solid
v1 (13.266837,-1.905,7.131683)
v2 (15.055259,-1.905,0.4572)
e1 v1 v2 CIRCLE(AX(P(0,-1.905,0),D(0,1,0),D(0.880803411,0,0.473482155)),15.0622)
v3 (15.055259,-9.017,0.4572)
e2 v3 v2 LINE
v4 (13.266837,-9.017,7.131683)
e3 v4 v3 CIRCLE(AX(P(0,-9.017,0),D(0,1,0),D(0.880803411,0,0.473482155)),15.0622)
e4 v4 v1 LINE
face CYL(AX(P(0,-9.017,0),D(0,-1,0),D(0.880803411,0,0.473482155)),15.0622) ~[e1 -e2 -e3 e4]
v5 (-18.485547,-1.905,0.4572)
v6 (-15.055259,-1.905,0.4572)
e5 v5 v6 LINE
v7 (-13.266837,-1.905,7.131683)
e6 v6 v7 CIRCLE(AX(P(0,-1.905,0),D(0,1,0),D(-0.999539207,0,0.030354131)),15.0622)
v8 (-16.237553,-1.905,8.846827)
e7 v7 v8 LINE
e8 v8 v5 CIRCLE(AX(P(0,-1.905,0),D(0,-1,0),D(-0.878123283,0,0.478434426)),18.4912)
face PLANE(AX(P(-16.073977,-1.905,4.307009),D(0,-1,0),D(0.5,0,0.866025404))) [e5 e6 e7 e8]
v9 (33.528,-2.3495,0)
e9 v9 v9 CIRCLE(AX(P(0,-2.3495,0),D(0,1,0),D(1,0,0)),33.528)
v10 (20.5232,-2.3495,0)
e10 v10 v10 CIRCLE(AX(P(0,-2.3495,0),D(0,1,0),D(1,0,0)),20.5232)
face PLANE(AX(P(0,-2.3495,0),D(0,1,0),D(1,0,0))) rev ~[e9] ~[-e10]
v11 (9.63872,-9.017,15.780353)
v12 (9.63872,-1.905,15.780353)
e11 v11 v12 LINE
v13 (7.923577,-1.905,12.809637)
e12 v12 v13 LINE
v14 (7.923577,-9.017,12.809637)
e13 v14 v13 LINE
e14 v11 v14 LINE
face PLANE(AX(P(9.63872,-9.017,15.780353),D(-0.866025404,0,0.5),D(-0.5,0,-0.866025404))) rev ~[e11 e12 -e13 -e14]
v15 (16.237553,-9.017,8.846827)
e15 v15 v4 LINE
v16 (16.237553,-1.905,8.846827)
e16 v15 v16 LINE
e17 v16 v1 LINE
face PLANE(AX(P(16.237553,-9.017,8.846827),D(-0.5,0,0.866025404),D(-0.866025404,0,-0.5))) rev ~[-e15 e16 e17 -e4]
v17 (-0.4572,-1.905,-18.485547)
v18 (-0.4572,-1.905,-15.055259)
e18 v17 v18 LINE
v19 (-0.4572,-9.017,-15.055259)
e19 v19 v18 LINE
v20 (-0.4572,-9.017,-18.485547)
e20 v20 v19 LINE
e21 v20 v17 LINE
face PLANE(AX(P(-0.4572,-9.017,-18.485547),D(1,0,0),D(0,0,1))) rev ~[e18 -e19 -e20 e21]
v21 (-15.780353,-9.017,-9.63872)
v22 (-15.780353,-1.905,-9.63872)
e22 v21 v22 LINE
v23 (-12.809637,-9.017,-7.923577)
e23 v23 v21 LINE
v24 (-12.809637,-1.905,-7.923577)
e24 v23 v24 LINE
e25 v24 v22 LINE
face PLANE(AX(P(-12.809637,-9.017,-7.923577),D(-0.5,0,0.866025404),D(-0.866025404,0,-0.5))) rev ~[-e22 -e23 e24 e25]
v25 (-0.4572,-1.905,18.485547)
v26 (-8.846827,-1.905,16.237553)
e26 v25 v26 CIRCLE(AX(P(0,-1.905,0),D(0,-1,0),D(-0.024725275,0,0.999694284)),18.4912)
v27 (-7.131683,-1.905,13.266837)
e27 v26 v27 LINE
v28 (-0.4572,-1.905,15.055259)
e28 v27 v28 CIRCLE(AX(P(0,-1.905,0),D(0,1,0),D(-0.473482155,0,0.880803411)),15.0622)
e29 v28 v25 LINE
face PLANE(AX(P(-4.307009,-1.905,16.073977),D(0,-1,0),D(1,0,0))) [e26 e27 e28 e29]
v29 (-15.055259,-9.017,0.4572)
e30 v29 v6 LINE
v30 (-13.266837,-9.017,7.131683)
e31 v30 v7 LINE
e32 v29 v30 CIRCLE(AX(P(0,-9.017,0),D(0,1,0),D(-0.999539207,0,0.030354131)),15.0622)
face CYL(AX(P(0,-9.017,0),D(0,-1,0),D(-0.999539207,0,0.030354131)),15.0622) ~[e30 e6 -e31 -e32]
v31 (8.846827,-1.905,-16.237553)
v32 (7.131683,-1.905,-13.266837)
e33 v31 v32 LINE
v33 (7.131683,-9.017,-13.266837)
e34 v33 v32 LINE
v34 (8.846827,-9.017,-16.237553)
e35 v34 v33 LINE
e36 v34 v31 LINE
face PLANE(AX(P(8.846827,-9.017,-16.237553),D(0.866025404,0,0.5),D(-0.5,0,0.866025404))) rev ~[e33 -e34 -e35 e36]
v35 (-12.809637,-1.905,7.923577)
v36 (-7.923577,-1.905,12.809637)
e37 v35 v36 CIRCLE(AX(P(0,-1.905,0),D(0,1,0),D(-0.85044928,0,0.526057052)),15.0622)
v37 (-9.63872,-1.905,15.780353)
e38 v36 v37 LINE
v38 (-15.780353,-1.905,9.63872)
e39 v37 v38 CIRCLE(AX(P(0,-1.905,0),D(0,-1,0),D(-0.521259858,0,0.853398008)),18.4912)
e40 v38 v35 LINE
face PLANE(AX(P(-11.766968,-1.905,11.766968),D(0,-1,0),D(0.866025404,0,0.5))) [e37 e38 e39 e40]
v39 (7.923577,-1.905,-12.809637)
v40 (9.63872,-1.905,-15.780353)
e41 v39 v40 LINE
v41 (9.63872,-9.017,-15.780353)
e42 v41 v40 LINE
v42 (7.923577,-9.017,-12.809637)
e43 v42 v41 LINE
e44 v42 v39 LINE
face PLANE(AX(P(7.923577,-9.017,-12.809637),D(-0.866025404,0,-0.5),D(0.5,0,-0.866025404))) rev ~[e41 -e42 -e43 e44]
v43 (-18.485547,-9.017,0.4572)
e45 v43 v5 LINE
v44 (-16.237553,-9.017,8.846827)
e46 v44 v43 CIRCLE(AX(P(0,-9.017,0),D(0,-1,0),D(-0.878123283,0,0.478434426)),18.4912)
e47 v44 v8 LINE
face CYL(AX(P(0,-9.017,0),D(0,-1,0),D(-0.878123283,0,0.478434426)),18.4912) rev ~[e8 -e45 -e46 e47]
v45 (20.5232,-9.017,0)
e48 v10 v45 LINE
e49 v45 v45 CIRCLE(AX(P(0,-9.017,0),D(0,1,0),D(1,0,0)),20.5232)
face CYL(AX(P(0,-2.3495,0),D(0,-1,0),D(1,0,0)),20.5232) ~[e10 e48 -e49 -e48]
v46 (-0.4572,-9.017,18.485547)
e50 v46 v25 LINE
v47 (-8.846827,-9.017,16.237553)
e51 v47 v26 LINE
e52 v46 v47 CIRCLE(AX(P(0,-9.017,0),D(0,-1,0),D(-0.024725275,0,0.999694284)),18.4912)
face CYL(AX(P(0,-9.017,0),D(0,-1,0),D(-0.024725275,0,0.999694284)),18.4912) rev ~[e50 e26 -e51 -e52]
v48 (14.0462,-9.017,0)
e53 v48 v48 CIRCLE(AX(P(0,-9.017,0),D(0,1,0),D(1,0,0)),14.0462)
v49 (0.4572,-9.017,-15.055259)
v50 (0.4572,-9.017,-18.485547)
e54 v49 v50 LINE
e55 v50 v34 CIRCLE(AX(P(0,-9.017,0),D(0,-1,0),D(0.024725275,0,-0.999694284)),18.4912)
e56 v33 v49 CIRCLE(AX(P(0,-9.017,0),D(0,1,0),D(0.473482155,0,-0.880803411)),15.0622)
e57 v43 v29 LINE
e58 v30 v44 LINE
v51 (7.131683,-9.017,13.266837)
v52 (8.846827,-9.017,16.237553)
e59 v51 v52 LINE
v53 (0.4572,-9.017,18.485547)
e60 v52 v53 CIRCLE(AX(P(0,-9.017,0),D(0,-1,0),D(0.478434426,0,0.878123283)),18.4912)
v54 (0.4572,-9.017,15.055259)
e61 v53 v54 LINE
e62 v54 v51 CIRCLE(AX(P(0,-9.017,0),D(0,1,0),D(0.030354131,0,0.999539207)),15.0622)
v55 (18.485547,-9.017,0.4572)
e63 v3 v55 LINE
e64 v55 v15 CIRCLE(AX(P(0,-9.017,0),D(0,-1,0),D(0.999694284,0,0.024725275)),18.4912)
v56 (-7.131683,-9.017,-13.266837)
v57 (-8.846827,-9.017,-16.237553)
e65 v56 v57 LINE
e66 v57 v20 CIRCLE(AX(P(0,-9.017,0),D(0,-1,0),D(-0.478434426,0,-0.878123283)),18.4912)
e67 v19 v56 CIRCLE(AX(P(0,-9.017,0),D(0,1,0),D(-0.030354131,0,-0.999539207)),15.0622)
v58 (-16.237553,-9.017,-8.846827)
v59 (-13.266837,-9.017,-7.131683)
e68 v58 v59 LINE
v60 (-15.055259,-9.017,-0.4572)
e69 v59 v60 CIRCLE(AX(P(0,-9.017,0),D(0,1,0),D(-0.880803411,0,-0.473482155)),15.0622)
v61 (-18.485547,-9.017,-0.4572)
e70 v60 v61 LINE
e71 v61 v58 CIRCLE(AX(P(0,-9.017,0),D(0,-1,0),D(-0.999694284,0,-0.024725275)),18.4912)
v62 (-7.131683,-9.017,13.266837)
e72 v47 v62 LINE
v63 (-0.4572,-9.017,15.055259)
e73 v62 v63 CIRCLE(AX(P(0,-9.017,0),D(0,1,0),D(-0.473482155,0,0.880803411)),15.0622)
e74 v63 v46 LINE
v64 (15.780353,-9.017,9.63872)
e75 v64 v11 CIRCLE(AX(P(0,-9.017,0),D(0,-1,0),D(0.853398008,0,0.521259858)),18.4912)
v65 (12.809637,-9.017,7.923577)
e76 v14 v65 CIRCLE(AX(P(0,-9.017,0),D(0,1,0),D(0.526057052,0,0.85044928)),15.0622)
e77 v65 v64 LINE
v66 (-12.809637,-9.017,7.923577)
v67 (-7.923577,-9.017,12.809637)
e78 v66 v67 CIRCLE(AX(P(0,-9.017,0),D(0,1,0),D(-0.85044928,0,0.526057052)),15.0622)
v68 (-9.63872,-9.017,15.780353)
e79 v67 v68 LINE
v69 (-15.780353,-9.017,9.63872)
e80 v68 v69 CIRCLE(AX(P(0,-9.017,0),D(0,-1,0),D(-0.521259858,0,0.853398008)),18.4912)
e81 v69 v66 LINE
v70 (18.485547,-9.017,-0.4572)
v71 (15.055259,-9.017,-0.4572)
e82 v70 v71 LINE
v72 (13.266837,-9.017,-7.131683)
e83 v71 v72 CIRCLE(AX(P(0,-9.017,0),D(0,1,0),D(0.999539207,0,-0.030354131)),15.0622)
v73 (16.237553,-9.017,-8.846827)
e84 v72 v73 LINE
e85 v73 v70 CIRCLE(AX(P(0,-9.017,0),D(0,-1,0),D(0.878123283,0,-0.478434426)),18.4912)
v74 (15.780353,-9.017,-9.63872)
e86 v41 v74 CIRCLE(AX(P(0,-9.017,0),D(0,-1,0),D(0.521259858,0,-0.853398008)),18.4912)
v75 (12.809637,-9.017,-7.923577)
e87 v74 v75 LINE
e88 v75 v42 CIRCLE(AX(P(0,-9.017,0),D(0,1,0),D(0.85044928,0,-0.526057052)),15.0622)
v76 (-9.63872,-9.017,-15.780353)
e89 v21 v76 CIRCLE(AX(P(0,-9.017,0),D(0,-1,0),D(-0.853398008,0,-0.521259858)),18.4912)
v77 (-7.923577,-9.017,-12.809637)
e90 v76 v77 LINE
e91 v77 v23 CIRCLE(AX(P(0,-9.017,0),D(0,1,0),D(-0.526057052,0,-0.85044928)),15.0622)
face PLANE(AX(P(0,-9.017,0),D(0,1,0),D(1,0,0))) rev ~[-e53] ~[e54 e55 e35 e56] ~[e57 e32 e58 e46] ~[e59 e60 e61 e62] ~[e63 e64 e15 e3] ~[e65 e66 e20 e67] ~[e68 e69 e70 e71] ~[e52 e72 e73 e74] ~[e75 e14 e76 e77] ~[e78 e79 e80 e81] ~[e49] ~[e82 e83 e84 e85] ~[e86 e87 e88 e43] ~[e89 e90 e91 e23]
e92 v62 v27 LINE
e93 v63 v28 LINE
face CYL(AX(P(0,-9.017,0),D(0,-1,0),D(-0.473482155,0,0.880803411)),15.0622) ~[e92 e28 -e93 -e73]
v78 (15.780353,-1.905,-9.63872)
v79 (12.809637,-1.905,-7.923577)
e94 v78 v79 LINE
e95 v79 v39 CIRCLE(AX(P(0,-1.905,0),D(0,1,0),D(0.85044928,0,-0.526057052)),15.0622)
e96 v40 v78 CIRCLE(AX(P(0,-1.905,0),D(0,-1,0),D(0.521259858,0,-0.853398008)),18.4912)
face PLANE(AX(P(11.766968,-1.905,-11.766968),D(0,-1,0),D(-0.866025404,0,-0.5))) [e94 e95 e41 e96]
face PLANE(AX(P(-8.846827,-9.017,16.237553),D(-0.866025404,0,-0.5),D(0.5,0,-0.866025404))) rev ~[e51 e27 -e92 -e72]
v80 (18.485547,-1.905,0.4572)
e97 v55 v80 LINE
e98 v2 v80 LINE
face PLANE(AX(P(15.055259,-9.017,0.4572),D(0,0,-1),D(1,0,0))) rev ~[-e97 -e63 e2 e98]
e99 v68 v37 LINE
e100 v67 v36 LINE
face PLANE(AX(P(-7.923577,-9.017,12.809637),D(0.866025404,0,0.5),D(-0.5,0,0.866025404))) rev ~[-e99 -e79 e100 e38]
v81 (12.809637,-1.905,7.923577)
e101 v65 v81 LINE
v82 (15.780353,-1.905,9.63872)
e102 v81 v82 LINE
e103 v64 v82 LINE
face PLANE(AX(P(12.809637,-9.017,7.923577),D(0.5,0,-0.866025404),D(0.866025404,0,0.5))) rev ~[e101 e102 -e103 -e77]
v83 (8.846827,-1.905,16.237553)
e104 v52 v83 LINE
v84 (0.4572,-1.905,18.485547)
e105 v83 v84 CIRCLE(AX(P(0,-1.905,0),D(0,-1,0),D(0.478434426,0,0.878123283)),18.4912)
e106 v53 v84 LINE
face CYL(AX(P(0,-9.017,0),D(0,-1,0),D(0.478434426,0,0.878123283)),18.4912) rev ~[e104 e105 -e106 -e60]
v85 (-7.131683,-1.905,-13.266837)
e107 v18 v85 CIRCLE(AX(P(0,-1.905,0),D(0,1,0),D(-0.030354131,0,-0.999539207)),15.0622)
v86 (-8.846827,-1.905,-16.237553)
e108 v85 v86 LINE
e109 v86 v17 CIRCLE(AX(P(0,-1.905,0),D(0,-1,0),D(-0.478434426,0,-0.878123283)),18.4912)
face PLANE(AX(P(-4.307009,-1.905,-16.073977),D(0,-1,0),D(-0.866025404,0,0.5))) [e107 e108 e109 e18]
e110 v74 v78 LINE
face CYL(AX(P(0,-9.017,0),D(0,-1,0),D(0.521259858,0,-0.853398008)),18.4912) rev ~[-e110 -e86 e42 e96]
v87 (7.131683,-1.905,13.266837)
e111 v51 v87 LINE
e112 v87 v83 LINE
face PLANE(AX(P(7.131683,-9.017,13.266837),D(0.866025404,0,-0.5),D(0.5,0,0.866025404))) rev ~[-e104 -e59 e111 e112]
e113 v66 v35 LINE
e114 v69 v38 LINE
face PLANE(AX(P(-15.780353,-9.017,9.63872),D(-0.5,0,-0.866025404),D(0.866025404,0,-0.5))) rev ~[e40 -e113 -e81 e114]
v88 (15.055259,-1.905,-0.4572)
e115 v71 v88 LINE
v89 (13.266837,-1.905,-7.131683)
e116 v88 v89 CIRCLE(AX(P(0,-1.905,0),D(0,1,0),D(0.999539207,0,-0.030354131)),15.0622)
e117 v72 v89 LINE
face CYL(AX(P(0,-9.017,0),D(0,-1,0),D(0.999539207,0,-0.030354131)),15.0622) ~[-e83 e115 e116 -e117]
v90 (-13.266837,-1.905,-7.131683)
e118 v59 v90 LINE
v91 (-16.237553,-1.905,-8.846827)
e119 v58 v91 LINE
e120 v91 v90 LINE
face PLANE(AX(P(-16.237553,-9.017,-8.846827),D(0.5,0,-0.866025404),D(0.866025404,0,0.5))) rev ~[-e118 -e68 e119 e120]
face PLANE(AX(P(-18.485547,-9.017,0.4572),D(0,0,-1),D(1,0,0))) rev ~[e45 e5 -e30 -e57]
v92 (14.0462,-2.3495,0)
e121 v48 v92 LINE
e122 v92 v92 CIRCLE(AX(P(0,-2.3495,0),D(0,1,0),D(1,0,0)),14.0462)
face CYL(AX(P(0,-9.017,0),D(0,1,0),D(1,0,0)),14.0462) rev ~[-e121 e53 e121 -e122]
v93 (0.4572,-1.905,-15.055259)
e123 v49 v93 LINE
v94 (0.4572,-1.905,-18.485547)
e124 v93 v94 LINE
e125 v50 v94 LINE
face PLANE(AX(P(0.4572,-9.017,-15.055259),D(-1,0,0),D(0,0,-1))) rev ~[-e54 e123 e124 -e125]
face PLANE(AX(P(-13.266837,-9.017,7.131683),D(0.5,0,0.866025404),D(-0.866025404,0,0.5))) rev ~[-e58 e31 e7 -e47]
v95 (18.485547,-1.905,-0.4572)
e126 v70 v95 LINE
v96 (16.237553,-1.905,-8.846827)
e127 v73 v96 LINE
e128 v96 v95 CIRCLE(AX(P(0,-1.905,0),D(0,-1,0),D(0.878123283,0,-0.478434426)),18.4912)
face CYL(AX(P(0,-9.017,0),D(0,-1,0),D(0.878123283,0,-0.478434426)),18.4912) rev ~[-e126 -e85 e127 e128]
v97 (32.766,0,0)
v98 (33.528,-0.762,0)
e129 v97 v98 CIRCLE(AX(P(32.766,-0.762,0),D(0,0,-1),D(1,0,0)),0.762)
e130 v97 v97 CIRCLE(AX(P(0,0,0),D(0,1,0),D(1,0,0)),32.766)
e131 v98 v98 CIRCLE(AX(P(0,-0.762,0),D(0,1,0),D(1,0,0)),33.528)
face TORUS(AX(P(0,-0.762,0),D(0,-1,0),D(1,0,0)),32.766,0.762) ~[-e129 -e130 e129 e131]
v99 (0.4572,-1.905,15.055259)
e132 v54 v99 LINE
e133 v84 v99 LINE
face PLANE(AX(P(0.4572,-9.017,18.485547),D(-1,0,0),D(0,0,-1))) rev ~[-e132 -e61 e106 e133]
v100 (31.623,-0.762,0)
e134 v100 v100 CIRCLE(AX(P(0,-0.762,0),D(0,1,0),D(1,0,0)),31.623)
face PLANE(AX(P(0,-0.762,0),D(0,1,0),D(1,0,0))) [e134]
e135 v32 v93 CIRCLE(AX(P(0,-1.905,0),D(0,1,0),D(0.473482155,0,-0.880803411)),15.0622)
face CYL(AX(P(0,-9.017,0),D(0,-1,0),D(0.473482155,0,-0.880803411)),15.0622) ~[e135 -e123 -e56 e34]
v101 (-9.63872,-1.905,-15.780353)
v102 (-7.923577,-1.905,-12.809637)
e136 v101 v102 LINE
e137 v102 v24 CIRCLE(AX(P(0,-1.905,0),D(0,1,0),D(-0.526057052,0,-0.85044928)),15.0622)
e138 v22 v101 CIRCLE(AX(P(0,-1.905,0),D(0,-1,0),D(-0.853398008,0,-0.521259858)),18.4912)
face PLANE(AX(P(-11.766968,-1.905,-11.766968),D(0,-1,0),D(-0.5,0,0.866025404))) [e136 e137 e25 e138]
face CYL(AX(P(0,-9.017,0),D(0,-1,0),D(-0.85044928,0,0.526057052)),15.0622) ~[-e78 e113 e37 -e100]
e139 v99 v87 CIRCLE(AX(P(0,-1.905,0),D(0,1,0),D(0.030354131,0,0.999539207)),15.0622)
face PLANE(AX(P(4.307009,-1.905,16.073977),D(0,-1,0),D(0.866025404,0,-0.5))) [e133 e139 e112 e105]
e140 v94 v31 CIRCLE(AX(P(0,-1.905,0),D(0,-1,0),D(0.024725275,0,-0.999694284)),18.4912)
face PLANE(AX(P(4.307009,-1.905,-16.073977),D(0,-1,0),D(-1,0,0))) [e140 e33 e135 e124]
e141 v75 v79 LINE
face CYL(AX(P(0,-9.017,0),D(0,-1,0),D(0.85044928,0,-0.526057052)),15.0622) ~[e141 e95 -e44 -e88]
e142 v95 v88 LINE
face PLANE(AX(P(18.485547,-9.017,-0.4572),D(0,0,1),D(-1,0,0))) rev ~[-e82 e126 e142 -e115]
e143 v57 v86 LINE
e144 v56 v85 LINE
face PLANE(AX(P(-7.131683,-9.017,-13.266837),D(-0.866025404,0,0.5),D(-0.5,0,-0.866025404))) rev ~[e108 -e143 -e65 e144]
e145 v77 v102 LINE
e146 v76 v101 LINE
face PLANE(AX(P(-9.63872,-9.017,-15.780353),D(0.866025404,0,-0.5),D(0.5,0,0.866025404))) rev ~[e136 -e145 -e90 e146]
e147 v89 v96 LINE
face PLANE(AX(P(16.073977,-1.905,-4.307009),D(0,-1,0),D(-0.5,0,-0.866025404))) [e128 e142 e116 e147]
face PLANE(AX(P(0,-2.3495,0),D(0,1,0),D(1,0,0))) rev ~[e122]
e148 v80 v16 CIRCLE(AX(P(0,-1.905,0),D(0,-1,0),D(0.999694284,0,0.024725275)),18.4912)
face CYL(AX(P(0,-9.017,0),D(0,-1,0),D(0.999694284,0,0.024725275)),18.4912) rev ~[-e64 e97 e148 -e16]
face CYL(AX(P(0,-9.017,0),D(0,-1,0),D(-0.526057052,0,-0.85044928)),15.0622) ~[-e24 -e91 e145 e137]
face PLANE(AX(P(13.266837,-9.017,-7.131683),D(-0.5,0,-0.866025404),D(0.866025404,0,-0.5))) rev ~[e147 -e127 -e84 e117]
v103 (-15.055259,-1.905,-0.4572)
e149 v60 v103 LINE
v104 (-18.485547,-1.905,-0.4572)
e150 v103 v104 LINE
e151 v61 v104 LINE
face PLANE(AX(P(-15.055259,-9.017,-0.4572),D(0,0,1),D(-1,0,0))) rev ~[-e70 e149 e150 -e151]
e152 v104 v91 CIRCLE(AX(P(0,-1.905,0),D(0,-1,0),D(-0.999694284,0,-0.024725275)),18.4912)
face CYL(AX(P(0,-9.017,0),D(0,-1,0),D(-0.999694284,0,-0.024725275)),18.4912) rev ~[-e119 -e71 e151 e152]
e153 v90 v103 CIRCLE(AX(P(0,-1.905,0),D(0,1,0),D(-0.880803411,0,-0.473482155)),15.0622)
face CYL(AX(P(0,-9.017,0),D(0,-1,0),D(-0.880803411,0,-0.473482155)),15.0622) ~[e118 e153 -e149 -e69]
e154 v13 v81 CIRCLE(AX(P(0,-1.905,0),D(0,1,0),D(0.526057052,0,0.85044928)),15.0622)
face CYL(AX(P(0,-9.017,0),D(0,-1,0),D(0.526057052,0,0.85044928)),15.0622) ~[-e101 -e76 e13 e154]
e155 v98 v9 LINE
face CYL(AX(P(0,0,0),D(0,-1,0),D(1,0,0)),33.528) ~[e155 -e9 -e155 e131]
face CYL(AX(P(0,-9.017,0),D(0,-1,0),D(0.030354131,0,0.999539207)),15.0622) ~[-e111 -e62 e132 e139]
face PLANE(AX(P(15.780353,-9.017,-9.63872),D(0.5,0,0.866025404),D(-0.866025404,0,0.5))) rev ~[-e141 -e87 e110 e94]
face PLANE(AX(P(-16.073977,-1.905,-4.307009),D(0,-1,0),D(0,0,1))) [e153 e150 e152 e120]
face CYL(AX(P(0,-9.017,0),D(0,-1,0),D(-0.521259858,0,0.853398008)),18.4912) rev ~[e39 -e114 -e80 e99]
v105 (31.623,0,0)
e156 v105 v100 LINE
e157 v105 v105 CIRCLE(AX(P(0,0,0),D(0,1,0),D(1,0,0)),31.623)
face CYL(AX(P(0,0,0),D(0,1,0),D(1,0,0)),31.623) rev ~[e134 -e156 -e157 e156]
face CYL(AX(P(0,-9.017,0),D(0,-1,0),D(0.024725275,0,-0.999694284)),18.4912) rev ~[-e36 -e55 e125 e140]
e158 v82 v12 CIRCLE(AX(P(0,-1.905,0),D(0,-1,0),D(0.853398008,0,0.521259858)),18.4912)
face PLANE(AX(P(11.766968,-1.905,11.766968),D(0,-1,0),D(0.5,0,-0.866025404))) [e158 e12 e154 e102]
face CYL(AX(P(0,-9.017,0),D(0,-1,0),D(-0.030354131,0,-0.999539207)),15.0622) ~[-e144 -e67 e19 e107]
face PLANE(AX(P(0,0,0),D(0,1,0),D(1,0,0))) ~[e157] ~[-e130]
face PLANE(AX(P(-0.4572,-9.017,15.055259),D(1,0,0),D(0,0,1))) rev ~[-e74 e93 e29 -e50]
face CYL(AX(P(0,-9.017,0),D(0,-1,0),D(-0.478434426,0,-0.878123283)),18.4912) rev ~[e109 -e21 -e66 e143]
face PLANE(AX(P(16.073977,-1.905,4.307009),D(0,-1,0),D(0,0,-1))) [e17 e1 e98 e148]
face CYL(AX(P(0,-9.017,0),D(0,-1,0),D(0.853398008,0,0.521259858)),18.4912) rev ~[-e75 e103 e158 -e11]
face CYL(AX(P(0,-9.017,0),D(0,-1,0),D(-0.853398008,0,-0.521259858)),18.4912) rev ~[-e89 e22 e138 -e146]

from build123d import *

# Parameters (mm, degrees)
FILLET1_R          = 0.762
SKETCH2_R          = 31.623
CUT_EXTRUDE1_DEPTH = 0.762
CUT_EXTRUDE2_DEPTH = 7.112
CIRPATTERN1_COUNT  = 12


with BuildPart() as part:
    # Sketch1 → Revolve1 (revolve)
    with BuildSketch(Plane.XY):
        Polygon((0, 0), (33.528, 0), (33.528, -2.3495), (20.5232, -2.3495), (20.5232, -9.017), (14.0462, -9.017), (14.0462, -2.3495), (0, -2.3495), align=None)
    revolve(axis=Axis((0, 0, 0), (0, 1, 0)))

    # Fillet1
    fillet1_edges = [part.edges().sort_by_distance(p)[0] for p in [
        (-33.528, 0, 0),
    ]]
    fillet(fillet1_edges, radius=FILLET1_R)

    # Sketch2 → Cut-Extrude1 (cut)
    with BuildSketch(Plane(origin=(0, 0, 0), x_dir=(1, 0, 0), z_dir=(0, 1, 0))):
        Circle(SKETCH2_R)
    extrude(amount=-CUT_EXTRUDE1_DEPTH, mode=Mode.SUBTRACT)

    # Sketch3 → Cut-Extrude2 (cut)
    with BuildSketch(Plane.XZ.offset(9.017)):
        with BuildLine():
            Line((-8.846826654, 16.237553251), (-7.131682909, 13.266837141))
            ThreePointArc((-7.131682909, 13.266837141), (-3.898384221, 14.548967981), (-0.4572, 15.055259446))
            Line((-0.4572, 15.055259446), (-0.4572, 18.485546938))
            ThreePointArc((-0.4572, 18.485546938), (-4.785874727, 17.861127639), (-8.846826654, 16.237553251))
        make_face()
    cut_extrude2 = extrude(amount=-CUT_EXTRUDE2_DEPTH, mode=Mode.SUBTRACT)

    # CirPattern1: Cut-Extrude2 ×12 about axis
    cirpattern1_axis = Axis((0, -2.3495, 0), (0, -1, 0))
    for i in range(1, CIRPATTERN1_COUNT):
        add(cut_extrude2.rotate(cirpattern1_axis, i * 360 / CIRPATTERN1_COUNT), mode=Mode.SUBTRACT)


solid = part.part
